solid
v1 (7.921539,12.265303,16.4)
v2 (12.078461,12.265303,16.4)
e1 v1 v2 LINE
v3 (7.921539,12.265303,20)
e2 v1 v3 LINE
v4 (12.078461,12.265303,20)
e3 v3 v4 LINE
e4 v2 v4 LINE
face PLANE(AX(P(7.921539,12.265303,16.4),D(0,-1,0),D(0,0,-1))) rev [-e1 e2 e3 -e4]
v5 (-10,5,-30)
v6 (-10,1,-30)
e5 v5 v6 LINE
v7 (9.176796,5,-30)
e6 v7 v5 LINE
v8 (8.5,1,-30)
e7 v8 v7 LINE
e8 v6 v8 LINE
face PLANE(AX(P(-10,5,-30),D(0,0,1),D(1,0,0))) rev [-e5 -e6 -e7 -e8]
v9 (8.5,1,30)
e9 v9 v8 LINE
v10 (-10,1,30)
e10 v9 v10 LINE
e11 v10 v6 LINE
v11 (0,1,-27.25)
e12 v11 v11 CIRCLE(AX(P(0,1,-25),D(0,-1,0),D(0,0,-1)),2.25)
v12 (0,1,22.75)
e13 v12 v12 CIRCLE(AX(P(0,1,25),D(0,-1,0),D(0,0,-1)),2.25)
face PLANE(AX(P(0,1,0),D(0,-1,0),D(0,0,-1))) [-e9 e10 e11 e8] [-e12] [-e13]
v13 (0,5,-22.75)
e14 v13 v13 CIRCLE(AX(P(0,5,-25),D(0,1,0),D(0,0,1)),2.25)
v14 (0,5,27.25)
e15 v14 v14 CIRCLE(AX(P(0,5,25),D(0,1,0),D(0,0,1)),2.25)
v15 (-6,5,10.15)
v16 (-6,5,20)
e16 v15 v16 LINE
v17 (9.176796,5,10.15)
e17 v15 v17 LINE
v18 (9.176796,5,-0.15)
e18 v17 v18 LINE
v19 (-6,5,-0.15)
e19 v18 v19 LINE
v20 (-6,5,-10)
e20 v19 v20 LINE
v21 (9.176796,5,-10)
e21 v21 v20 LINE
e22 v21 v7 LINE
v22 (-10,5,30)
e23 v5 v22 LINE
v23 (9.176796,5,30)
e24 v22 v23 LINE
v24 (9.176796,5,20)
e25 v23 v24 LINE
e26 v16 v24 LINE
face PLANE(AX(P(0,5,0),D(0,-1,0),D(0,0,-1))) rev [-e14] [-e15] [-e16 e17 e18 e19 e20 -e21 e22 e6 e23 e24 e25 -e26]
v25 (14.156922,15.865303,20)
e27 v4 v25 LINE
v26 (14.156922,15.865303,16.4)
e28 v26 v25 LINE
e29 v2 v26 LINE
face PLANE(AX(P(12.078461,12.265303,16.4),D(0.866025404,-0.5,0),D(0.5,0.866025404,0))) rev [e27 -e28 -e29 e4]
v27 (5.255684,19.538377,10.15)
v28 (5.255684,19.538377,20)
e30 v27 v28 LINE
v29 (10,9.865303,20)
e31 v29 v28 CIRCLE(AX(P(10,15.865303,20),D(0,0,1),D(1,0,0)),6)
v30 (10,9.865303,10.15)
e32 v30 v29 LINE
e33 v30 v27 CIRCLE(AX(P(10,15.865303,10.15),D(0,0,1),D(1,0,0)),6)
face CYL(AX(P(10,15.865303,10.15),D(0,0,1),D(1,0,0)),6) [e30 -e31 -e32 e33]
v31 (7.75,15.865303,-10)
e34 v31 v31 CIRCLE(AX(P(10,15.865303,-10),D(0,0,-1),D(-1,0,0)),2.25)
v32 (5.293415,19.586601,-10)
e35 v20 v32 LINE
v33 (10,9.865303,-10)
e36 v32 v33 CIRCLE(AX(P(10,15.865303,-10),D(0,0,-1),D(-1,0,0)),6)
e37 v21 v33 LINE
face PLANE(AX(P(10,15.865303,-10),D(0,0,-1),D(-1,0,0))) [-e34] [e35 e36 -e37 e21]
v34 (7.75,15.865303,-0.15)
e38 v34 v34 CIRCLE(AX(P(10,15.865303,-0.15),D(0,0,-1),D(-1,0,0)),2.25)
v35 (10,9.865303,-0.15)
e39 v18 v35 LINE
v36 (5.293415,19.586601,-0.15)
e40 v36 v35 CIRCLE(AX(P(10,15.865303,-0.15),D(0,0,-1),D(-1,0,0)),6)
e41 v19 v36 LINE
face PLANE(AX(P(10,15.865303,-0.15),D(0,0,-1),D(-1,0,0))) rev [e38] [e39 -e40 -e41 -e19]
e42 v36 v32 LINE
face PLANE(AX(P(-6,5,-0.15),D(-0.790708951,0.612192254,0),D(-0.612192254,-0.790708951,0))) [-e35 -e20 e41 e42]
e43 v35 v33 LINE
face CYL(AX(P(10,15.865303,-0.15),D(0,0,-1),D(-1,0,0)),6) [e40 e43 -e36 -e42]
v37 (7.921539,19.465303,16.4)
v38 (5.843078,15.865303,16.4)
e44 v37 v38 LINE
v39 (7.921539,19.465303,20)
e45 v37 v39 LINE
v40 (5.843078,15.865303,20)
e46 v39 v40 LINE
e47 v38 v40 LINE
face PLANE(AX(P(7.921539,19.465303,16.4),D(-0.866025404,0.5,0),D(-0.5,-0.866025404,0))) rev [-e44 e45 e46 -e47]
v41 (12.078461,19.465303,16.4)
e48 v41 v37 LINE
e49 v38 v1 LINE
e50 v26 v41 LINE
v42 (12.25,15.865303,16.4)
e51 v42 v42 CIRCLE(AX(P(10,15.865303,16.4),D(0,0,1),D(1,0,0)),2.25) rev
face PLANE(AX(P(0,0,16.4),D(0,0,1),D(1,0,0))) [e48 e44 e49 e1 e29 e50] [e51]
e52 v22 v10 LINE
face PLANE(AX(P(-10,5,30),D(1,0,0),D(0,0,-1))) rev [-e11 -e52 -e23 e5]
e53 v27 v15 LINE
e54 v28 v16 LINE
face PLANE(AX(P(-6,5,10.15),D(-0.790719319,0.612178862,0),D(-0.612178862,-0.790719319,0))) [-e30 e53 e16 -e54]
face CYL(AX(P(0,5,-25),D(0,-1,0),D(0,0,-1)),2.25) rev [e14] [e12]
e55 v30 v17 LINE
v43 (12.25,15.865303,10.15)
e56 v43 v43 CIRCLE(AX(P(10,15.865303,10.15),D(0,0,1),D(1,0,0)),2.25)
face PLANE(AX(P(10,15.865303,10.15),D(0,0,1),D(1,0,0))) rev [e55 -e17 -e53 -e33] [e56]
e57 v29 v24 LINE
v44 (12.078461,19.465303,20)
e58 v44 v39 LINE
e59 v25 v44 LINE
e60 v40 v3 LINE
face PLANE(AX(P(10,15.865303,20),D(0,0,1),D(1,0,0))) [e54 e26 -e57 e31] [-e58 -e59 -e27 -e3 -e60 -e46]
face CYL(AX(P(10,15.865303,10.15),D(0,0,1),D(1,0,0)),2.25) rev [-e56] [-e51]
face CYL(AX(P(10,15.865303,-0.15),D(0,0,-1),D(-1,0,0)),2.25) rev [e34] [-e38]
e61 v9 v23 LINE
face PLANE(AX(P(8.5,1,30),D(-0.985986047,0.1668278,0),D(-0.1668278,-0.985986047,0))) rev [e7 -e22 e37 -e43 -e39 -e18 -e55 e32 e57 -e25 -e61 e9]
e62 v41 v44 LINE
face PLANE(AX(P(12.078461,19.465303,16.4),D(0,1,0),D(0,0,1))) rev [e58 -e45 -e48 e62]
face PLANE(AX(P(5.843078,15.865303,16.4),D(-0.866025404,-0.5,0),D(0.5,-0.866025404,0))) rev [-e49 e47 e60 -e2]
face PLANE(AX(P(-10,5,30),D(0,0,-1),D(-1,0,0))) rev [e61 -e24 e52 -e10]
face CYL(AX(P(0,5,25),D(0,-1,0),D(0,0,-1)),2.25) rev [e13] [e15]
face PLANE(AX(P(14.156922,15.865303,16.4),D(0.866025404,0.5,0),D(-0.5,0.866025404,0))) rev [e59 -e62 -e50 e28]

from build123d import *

# Parameters (mm, degrees)
SKETCH1_W           = 20
SKETCH1_H           = 60
SKETCH1_R           = 2.25
BOSS_EXTRUDE1_DEPTH = 5
SKETCH2_R           = 2.25
BOSS_EXTRUDE2_DEPTH = 9.85
SKETCH3_R           = 2.25
BOSS_EXTRUDE3_DEPTH = 9.85
SKETCH4_W           = 33.827008901
SKETCH4_H           = 72.568076527
CUT_EXTRUDE1_DEPTH  = 1
CUT_EXTRUDE2_DEPTH  = 61
CUT_EXTRUDE3_DEPTH  = 3.6


with BuildPart() as part:
    # Sketch1 → Boss-Extrude1 (new body)
    with BuildSketch(Plane(origin=(0, 0, 0), x_dir=(1, 0, 0), z_dir=(0, 1, 0))):
        Rectangle(SKETCH1_W, SKETCH1_H)
        with Locations((0, 25)):
            Circle(SKETCH1_R, mode=Mode.SUBTRACT)
        with Locations((0, -25)):
            Circle(SKETCH1_R, mode=Mode.SUBTRACT)
    extrude(amount=BOSS_EXTRUDE1_DEPTH)

    # Sketch2 → Boss-Extrude2 (add)
    with BuildSketch(Plane.XY.offset(20)):
        with BuildLine():
            Line((10, 9.86530346), (10, 5))
            Line((10, 5), (-6, 5))
            Line((-6, 5), (5.255684086, 19.53837663))
            ThreePointArc((5.255684086, 19.53837663), (15.386948998, 18.507420129), (10, 9.86530346))
        make_face()
        with Locations((10, 15.86530346)):
            Circle(SKETCH2_R, mode=Mode.SUBTRACT)
    extrude(amount=-BOSS_EXTRUDE2_DEPTH)

    # Sketch3 → Boss-Extrude3 (add)
    with BuildSketch(Plane(origin=(0, 0, -10), x_dir=(-1, 0, 0), z_dir=(0, 0, -1))):
        with BuildLine():
            Line((-10, 9.86530346), (-10, 5))
            Line((-10, 5), (6, 5))
            Line((6, 5), (-5.293415142, 19.586601483))
            ThreePointArc((-5.293415142, 19.586601483), (-15.40036055, 18.479898253), (-10, 9.86530346))
        make_face()
        with Locations((-10, 15.86530346)):
            Circle(SKETCH3_R, mode=Mode.SUBTRACT)
    extrude(amount=-BOSS_EXTRUDE3_DEPTH)

    # Sketch4 → Cut-Extrude1 (cut)
    with BuildSketch(Plane.XZ):
        with Locations((1.488581003, -1.778467764)):
            Rectangle(SKETCH4_W, SKETCH4_H)
    extrude(amount=-CUT_EXTRUDE1_DEPTH, mode=Mode.SUBTRACT)

    # Sketch5 → Cut-Extrude2 (cut, through all)
    with BuildSketch(Plane(origin=(0, 0, -30), x_dir=(-1, 0, 0), z_dir=(0, 0, -1))):
        Polygon((-10, 9.86530346), (-10, 1), (-8.5, 1), align=None)
    extrude(amount=-CUT_EXTRUDE2_DEPTH, mode=Mode.SUBTRACT)

    # Sketch6 → Cut-Extrude3 (cut)
    with BuildSketch(Plane.XY.offset(20)):
        Polygon((12.078460969, 12.26530346), (14.156921938, 15.86530346), (12.078460969, 19.46530346), (7.921539031, 19.46530346), (5.843078062, 15.86530346), (7.921539031, 12.26530346), align=None)
    extrude(amount=-CUT_EXTRUDE3_DEPTH, mode=Mode.SUBTRACT)


solid = part.part
